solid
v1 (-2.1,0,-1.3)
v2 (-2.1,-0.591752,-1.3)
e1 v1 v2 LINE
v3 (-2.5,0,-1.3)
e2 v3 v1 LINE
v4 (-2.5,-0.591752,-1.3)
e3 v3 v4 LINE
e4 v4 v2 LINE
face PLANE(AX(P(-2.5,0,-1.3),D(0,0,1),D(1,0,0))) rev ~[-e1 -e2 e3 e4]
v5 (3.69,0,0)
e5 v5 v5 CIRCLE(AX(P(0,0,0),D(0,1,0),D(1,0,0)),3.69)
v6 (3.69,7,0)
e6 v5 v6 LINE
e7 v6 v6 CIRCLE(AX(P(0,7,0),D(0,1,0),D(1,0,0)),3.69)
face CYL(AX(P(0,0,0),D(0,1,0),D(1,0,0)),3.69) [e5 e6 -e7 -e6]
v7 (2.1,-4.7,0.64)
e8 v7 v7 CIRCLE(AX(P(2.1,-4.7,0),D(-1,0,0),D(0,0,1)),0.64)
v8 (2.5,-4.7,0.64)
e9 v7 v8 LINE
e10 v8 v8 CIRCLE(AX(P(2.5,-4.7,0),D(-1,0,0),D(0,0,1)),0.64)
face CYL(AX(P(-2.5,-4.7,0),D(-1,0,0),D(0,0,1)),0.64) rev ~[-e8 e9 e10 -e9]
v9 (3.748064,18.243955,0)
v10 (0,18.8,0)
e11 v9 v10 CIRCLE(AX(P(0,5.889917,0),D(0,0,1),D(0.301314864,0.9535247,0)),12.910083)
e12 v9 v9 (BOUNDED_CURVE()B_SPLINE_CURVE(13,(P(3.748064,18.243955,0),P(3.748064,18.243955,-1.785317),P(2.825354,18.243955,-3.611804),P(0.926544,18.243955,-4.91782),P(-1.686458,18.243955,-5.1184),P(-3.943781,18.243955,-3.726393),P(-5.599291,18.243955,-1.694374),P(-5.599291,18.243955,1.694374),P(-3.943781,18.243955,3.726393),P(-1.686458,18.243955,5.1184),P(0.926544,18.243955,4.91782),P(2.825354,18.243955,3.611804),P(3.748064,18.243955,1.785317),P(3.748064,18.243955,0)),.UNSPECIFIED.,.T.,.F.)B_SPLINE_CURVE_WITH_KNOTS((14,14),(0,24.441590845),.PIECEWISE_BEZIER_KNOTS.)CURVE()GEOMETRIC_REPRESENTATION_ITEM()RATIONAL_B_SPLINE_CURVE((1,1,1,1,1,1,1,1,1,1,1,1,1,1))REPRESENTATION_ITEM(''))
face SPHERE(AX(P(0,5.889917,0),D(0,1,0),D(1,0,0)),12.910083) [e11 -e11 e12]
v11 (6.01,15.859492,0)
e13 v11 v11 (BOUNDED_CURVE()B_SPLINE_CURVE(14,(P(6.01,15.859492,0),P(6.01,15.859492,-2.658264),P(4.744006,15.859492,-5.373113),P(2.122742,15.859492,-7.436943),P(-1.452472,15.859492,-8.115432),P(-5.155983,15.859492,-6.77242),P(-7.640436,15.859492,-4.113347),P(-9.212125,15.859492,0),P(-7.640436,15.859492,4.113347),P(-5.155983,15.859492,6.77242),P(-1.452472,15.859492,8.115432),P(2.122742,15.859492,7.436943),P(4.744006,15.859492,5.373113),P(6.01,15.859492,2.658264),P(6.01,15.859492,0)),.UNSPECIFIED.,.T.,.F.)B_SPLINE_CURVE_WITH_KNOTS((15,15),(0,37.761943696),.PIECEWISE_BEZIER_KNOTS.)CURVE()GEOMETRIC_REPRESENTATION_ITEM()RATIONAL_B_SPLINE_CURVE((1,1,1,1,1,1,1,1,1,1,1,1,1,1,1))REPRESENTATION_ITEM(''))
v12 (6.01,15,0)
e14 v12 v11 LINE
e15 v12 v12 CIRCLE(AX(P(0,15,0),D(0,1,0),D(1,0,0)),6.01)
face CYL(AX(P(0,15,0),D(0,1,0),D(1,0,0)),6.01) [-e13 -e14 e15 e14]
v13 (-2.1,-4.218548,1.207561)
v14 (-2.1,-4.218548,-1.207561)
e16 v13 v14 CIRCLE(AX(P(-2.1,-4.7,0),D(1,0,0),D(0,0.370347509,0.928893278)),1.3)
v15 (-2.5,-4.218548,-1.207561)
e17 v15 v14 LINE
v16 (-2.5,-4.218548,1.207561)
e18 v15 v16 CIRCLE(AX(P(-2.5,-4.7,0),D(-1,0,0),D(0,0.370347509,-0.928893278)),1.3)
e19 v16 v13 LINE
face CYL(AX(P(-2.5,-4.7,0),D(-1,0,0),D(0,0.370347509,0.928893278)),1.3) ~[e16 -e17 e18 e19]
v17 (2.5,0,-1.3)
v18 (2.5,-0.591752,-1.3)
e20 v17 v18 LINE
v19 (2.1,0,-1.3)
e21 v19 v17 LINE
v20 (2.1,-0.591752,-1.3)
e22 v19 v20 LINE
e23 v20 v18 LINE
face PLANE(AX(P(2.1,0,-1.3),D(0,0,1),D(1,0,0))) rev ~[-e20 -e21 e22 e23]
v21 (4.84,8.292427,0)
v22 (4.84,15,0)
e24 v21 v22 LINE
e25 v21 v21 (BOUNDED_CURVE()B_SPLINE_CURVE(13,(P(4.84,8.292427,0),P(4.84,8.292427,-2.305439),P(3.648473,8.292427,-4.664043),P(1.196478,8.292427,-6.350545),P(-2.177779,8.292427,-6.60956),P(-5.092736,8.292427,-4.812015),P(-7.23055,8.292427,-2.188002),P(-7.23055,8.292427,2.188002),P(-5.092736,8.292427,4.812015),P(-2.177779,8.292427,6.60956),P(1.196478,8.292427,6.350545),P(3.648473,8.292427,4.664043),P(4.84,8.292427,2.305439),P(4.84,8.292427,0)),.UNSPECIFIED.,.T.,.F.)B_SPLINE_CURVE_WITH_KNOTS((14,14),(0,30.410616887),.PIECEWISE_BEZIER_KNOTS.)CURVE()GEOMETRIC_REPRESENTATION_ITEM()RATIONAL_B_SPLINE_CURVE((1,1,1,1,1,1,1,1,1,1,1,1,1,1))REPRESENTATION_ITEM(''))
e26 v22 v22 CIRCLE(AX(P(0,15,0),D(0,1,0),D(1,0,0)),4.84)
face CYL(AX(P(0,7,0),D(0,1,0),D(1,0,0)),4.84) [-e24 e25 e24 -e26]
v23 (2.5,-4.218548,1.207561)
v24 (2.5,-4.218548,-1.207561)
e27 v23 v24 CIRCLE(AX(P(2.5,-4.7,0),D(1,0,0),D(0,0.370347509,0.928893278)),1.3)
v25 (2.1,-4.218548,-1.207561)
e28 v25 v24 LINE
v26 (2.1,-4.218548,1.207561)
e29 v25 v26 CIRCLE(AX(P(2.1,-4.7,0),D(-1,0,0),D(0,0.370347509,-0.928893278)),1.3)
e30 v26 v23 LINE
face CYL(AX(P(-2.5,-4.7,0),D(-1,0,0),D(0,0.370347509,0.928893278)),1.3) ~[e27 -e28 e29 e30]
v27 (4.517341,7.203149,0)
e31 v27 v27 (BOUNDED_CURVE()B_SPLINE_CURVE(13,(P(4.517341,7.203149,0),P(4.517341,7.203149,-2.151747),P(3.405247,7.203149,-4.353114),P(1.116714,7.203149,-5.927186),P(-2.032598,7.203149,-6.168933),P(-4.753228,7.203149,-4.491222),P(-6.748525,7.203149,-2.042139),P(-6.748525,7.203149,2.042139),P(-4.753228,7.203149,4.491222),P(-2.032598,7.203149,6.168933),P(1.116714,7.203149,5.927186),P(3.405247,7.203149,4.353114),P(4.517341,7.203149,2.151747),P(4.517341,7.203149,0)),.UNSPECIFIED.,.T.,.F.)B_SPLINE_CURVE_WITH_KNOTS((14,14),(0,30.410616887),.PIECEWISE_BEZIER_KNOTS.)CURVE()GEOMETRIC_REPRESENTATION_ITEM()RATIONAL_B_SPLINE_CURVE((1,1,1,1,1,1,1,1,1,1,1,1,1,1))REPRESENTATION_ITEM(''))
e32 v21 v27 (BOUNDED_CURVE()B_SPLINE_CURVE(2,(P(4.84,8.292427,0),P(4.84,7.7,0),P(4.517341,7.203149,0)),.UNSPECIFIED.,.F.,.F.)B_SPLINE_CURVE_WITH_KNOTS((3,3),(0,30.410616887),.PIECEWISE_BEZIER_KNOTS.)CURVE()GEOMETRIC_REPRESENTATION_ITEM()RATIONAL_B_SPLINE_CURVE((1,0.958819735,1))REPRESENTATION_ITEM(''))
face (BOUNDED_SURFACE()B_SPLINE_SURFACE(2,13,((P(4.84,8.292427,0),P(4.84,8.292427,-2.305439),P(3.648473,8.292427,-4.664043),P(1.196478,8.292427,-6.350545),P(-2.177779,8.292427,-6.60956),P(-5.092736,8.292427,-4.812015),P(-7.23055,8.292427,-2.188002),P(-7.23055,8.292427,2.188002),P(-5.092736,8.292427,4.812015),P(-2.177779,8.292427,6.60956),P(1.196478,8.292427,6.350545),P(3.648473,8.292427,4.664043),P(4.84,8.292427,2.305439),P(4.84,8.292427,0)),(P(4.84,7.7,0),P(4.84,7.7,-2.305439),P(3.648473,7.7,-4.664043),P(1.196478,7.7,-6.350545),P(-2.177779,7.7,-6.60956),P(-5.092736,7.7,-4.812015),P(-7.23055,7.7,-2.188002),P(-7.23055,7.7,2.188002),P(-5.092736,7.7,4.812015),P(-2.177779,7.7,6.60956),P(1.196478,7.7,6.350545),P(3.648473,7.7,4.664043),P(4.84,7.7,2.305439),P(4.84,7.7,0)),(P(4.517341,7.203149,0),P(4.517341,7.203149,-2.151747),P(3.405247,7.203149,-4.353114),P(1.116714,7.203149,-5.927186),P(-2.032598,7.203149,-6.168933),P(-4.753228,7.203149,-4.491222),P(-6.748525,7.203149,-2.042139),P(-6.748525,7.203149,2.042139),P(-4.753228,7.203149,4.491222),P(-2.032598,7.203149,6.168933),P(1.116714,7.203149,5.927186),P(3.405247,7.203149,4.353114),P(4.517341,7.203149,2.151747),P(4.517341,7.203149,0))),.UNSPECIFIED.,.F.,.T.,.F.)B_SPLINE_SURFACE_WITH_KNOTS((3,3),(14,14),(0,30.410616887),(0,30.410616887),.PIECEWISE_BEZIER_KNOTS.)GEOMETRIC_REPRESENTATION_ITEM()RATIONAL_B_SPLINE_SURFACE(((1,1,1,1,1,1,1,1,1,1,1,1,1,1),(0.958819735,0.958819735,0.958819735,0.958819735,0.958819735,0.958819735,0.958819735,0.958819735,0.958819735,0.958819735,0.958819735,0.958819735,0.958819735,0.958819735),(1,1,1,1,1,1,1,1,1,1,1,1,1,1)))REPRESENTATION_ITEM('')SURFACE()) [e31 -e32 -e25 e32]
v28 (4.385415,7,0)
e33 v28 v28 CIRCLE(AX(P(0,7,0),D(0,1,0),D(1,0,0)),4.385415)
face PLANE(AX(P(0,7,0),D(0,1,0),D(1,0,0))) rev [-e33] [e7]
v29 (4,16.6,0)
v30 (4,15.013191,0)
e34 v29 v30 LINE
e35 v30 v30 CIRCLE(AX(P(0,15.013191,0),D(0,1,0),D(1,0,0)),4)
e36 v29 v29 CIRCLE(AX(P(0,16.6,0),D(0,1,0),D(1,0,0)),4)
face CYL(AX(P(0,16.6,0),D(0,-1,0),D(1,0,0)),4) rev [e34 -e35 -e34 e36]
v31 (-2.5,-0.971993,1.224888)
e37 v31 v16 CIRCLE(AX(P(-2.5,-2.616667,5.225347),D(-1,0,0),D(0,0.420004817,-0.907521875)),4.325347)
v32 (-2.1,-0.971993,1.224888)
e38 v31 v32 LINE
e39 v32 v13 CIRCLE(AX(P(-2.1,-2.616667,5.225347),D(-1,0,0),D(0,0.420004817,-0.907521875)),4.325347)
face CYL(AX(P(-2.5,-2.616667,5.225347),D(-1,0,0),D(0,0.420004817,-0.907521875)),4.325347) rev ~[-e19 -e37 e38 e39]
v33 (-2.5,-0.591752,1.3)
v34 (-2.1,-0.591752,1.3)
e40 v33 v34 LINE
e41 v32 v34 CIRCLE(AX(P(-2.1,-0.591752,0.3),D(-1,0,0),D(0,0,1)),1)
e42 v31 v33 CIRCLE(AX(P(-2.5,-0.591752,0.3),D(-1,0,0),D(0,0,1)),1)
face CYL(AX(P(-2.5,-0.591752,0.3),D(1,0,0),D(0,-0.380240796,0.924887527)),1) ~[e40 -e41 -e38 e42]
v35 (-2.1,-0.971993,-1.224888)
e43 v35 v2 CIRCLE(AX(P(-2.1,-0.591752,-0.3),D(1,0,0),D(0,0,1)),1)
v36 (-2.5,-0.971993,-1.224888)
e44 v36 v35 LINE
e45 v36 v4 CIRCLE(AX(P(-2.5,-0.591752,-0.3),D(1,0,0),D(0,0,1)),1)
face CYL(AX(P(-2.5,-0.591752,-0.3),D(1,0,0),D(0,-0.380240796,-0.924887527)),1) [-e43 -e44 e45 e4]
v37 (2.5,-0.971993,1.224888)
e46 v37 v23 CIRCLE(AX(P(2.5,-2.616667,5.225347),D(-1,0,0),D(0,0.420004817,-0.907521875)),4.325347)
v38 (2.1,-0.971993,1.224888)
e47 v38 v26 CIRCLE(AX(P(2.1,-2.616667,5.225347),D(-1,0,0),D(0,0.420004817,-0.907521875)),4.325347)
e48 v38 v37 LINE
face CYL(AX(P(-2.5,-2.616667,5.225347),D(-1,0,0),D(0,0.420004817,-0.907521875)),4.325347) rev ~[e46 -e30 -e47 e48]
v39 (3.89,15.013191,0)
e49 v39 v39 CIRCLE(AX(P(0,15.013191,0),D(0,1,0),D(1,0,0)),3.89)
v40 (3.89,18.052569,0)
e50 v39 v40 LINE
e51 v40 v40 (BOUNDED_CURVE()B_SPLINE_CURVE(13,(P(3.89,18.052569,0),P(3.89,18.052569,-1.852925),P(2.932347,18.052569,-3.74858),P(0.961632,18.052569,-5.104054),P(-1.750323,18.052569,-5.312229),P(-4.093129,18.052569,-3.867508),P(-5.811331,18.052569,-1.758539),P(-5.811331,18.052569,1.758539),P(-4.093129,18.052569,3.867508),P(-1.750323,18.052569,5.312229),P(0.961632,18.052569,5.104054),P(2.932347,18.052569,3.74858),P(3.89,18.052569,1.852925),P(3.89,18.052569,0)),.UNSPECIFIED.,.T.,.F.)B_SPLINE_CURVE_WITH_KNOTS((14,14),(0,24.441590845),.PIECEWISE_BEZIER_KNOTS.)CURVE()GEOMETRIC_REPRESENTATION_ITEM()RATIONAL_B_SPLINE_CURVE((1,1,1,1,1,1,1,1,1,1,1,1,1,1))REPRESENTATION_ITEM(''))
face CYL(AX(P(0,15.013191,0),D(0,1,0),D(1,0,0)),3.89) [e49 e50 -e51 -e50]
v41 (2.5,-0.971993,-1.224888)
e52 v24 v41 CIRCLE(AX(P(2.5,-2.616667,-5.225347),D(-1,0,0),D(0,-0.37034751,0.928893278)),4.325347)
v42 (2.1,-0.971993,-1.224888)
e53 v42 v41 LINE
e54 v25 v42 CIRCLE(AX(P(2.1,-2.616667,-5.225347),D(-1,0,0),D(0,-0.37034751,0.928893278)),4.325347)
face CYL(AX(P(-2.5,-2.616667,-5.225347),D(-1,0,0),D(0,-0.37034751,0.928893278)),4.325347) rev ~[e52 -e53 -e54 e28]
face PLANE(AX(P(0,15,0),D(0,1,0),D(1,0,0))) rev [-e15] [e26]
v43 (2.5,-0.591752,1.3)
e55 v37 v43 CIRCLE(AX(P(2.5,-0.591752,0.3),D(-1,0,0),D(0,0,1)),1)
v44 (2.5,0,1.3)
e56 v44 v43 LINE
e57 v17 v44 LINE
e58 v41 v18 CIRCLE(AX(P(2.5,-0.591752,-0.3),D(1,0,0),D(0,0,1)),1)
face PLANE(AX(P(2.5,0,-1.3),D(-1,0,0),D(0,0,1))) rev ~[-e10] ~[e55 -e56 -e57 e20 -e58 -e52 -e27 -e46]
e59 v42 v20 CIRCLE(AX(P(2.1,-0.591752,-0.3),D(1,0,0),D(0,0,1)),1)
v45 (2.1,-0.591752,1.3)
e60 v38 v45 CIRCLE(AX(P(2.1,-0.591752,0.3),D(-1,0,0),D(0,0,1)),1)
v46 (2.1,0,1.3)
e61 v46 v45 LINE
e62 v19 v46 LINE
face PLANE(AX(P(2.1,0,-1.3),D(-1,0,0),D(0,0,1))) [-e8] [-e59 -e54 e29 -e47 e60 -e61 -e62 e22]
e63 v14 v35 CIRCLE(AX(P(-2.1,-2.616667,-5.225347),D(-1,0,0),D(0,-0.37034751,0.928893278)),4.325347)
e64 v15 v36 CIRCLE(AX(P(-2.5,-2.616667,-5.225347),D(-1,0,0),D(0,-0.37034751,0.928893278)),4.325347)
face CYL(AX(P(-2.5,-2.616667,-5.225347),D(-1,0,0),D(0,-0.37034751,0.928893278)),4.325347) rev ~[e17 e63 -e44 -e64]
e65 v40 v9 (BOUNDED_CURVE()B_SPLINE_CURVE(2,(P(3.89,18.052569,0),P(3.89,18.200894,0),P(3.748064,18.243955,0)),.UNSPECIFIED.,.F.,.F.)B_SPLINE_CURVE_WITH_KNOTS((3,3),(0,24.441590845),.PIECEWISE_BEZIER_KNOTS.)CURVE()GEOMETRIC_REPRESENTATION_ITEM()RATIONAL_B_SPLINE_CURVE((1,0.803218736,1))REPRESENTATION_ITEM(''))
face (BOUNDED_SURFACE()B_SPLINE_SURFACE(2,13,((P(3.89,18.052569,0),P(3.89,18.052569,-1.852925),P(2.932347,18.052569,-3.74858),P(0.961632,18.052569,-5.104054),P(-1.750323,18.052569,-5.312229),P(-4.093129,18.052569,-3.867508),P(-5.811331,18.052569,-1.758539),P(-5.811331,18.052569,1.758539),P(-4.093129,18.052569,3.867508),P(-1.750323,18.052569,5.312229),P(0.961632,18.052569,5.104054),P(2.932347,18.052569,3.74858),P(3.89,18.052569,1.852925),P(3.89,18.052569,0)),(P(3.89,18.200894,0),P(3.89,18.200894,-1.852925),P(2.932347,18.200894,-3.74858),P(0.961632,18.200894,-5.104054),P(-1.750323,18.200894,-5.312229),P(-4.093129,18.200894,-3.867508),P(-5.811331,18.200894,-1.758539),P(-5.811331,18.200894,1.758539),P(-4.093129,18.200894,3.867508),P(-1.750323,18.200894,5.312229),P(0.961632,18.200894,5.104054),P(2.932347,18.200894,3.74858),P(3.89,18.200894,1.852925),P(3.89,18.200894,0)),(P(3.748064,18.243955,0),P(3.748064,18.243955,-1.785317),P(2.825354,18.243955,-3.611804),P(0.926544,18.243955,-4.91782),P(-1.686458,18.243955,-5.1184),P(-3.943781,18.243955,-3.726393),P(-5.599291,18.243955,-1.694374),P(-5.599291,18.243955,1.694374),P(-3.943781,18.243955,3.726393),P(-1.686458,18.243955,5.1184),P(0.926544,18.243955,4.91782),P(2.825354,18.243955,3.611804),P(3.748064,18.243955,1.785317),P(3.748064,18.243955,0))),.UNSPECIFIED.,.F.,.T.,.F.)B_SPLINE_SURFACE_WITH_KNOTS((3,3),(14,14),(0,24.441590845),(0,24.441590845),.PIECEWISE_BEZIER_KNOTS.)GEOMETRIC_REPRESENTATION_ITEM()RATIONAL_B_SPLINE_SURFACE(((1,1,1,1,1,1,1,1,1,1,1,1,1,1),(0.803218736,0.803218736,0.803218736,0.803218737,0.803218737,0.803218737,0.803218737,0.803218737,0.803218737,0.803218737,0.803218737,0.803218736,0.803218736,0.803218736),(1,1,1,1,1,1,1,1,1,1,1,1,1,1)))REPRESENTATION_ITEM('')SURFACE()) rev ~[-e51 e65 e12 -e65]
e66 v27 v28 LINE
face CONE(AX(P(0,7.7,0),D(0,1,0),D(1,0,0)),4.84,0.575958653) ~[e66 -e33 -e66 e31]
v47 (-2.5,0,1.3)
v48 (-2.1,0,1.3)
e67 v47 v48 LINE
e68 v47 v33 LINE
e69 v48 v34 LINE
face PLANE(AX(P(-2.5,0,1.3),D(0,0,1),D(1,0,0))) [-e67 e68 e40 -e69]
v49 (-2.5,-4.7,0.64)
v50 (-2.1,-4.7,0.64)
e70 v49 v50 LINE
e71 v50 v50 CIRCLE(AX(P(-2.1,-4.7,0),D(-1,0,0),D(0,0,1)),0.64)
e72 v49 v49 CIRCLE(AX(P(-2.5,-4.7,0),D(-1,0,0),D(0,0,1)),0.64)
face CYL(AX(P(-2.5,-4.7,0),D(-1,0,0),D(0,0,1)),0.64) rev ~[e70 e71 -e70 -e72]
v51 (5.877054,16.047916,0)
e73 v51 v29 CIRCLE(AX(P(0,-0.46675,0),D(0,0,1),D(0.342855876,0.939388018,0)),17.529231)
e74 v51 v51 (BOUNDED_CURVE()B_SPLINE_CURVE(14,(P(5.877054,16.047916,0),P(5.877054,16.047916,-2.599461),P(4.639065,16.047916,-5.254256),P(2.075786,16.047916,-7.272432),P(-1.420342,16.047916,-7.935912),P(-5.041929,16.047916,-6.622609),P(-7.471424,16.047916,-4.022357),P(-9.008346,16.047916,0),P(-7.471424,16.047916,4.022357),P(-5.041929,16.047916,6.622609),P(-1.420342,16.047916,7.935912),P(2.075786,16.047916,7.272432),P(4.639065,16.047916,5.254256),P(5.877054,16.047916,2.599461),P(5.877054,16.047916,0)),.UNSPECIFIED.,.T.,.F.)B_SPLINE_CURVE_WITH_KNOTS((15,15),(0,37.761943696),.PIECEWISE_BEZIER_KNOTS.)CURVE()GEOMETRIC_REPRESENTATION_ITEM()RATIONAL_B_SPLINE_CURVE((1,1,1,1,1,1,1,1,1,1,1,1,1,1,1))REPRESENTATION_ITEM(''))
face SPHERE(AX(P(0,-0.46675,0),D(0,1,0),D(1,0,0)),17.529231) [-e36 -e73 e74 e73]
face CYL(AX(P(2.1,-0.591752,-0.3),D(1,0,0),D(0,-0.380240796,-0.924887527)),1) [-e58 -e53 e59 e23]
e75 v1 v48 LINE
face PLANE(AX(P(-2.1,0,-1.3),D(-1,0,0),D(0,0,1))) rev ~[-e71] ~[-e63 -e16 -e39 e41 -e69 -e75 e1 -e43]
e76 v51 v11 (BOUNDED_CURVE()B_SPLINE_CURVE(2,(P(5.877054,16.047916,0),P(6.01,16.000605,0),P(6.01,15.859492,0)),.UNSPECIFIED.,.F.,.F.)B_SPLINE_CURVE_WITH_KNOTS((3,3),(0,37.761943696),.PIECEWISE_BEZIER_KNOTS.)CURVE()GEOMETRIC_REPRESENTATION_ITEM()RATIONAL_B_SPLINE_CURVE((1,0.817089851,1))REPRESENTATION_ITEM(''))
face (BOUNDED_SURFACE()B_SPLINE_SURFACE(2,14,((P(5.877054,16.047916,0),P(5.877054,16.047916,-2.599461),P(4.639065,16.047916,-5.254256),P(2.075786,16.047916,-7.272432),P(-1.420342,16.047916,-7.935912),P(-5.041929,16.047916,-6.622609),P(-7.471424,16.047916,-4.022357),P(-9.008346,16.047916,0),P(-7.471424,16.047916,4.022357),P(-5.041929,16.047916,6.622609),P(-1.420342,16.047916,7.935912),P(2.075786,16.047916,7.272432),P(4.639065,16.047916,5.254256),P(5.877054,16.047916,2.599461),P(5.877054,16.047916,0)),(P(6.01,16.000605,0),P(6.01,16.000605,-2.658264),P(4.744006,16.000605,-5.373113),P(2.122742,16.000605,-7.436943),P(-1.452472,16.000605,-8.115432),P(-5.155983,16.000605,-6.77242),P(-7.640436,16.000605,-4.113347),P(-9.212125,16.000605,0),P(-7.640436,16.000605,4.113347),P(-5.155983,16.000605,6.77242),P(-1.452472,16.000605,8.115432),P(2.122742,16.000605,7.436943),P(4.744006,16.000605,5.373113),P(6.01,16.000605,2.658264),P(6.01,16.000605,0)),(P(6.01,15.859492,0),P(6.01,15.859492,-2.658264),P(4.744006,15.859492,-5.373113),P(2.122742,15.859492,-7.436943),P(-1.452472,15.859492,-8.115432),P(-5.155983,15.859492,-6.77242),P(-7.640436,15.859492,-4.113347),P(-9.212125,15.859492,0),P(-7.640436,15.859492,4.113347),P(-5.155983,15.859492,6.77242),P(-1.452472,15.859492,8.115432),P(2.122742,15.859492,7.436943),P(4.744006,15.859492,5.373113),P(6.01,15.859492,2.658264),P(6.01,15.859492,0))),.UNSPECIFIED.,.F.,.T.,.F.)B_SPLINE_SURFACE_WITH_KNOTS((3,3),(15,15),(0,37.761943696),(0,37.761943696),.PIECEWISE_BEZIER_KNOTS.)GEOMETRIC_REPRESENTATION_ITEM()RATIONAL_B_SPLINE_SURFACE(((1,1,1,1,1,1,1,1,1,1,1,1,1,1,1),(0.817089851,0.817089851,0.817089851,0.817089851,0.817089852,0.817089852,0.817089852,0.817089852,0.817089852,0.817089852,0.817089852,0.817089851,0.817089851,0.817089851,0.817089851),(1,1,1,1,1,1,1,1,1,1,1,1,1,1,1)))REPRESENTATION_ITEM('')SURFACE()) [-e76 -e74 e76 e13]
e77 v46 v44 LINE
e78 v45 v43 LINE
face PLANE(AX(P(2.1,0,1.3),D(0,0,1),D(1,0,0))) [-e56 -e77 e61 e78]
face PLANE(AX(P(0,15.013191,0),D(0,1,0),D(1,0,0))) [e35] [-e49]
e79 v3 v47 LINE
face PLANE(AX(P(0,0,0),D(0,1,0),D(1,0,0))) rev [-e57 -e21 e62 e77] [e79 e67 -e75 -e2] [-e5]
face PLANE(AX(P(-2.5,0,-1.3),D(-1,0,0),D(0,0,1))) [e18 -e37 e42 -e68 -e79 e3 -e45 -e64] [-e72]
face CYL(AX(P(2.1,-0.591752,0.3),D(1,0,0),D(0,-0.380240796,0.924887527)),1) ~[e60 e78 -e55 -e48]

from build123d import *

# Parameters (mm, degrees)
CONG_1_R                = 0.2
CONG_2_R                = 0.2
CHANFREIN1_SIZE         = 0.7
CHANFREIN1_SIZE2        = 0.454585315
CONG_3_R                = 2
ESQUISSE2_W             = 0.4
ESQUISSE2_H             = 2.6
BOSS_EXTRU_1_DEPTH      = 6
ESQUISSE3_R             = 0.64
ENL_V_MAT_EXTRU_1_DEPTH = 6
CONG_4_R                = 1


with BuildPart() as part:
    # Esquisse1 → Révolution1 (revolve)
    with BuildSketch(Plane.XY):
        with BuildLine():
            Line((0, 18.8), (0, 0))
            Line((0, 0), (3.69, 0))
            Line((3.69, 0), (3.69, 7))
            Line((3.69, 7), (4.84, 7))
            Line((4.84, 7), (4.84, 15))
            Line((4.84, 15), (6.01, 15))
            Line((6.01, 15), (6.01, 16))
            ThreePointArc((6.01, 16), (5.013982948, 16.330092875), (4, 16.6))
            Line((4, 16.6), (4, 15.013190638))
            Line((4, 15.013190638), (3.89, 15.013190638))
            Line((3.89, 15.013190638), (3.89, 18.2))
            ThreePointArc((3.89, 18.2), (1.968000254, 18.649118314), (0, 18.8))
        make_face()
    revolve(axis=Axis((0, 0, 0), (0, 1, 0)))

    # Congé1
    cong_1_edges = [part.edges().sort_by_distance(p)[0] for p in [
        (-3.89, 18.2, 0),
    ]]
    fillet(cong_1_edges, radius=CONG_1_R)

    # Congé2
    cong_2_edges = [part.edges().sort_by_distance(p)[0] for p in [
        (-6.01, 16, 0),
    ]]
    fillet(cong_2_edges, radius=CONG_2_R)

    # Chanfrein1
    chanfrein1_edges = [part.edges().sort_by_distance(p)[0] for p in [
        (-4.84, 7, 0),
    ]]
    chanfrein1_side = [part.faces().sort_by_distance(p)[0] for p in [
        (-4.84, 11, 0),
    ]]
    chamfer(chanfrein1_edges, length=CHANFREIN1_SIZE, length2=CHANFREIN1_SIZE2, reference=chanfrein1_side[0])

    # Congé3
    cong_3_edges = [part.edges().sort_by_distance(p)[0] for p in [
        (-4.84, 7.7, 0),
    ]]
    fillet(cong_3_edges, radius=CONG_3_R)

    # Esquisse2 → Boss.-Extru.1 (add)
    with BuildSketch(Plane.XZ):
        with Locations((2.3, 0)):
            Rectangle(ESQUISSE2_W, ESQUISSE2_H)
        with Locations((-2.3, 0)):
            Rectangle(ESQUISSE2_W, ESQUISSE2_H)
    extrude(amount=BOSS_EXTRU_1_DEPTH)

    # Esquisse3 → Enlèv. mat.-Extru.1 (cut)
    with BuildSketch(Plane.ZY.offset(2.5)):
        with Locations((0, -4.7)):
            Circle(ESQUISSE3_R)
        with BuildLine():
            Line((-1.3, -0.8), (-4.192462756, -0.8))
            Line((-4.192462756, -0.8), (-4.192462756, -7.475627282))
            Line((-4.192462756, -7.475627282), (5.572809524, -7.57510374))
            Line((5.572809524, -7.57510374), (5.225347222, -0.8))
            Line((5.225347222, -0.8), (1.3, -0.8))
            ThreePointArc((1.3, -0.8), (0.901580438, -2.499750503), (1.207561262, -4.218548238))
            ThreePointArc((1.207561262, -4.218548238), (0, -6), (-1.207561262, -4.218548238))
            ThreePointArc((-1.207561262, -4.218548238), (-0.901580438, -2.499750503), (-1.3, -0.8))
        make_face()
    extrude(amount=-ENL_V_MAT_EXTRU_1_DEPTH, mode=Mode.SUBTRACT)

    # Congé4
    cong_4_edges = [part.edges().sort_by_distance(p)[0] for p in [
        (-2.3, -0.8, -1.3),
        (2.3, -0.8, -1.3),
        (2.3, -0.8, 1.3),
        (-2.3, -0.8, 1.3),
    ]]
    fillet(cong_4_edges, radius=CONG_4_R)


solid = part.part
